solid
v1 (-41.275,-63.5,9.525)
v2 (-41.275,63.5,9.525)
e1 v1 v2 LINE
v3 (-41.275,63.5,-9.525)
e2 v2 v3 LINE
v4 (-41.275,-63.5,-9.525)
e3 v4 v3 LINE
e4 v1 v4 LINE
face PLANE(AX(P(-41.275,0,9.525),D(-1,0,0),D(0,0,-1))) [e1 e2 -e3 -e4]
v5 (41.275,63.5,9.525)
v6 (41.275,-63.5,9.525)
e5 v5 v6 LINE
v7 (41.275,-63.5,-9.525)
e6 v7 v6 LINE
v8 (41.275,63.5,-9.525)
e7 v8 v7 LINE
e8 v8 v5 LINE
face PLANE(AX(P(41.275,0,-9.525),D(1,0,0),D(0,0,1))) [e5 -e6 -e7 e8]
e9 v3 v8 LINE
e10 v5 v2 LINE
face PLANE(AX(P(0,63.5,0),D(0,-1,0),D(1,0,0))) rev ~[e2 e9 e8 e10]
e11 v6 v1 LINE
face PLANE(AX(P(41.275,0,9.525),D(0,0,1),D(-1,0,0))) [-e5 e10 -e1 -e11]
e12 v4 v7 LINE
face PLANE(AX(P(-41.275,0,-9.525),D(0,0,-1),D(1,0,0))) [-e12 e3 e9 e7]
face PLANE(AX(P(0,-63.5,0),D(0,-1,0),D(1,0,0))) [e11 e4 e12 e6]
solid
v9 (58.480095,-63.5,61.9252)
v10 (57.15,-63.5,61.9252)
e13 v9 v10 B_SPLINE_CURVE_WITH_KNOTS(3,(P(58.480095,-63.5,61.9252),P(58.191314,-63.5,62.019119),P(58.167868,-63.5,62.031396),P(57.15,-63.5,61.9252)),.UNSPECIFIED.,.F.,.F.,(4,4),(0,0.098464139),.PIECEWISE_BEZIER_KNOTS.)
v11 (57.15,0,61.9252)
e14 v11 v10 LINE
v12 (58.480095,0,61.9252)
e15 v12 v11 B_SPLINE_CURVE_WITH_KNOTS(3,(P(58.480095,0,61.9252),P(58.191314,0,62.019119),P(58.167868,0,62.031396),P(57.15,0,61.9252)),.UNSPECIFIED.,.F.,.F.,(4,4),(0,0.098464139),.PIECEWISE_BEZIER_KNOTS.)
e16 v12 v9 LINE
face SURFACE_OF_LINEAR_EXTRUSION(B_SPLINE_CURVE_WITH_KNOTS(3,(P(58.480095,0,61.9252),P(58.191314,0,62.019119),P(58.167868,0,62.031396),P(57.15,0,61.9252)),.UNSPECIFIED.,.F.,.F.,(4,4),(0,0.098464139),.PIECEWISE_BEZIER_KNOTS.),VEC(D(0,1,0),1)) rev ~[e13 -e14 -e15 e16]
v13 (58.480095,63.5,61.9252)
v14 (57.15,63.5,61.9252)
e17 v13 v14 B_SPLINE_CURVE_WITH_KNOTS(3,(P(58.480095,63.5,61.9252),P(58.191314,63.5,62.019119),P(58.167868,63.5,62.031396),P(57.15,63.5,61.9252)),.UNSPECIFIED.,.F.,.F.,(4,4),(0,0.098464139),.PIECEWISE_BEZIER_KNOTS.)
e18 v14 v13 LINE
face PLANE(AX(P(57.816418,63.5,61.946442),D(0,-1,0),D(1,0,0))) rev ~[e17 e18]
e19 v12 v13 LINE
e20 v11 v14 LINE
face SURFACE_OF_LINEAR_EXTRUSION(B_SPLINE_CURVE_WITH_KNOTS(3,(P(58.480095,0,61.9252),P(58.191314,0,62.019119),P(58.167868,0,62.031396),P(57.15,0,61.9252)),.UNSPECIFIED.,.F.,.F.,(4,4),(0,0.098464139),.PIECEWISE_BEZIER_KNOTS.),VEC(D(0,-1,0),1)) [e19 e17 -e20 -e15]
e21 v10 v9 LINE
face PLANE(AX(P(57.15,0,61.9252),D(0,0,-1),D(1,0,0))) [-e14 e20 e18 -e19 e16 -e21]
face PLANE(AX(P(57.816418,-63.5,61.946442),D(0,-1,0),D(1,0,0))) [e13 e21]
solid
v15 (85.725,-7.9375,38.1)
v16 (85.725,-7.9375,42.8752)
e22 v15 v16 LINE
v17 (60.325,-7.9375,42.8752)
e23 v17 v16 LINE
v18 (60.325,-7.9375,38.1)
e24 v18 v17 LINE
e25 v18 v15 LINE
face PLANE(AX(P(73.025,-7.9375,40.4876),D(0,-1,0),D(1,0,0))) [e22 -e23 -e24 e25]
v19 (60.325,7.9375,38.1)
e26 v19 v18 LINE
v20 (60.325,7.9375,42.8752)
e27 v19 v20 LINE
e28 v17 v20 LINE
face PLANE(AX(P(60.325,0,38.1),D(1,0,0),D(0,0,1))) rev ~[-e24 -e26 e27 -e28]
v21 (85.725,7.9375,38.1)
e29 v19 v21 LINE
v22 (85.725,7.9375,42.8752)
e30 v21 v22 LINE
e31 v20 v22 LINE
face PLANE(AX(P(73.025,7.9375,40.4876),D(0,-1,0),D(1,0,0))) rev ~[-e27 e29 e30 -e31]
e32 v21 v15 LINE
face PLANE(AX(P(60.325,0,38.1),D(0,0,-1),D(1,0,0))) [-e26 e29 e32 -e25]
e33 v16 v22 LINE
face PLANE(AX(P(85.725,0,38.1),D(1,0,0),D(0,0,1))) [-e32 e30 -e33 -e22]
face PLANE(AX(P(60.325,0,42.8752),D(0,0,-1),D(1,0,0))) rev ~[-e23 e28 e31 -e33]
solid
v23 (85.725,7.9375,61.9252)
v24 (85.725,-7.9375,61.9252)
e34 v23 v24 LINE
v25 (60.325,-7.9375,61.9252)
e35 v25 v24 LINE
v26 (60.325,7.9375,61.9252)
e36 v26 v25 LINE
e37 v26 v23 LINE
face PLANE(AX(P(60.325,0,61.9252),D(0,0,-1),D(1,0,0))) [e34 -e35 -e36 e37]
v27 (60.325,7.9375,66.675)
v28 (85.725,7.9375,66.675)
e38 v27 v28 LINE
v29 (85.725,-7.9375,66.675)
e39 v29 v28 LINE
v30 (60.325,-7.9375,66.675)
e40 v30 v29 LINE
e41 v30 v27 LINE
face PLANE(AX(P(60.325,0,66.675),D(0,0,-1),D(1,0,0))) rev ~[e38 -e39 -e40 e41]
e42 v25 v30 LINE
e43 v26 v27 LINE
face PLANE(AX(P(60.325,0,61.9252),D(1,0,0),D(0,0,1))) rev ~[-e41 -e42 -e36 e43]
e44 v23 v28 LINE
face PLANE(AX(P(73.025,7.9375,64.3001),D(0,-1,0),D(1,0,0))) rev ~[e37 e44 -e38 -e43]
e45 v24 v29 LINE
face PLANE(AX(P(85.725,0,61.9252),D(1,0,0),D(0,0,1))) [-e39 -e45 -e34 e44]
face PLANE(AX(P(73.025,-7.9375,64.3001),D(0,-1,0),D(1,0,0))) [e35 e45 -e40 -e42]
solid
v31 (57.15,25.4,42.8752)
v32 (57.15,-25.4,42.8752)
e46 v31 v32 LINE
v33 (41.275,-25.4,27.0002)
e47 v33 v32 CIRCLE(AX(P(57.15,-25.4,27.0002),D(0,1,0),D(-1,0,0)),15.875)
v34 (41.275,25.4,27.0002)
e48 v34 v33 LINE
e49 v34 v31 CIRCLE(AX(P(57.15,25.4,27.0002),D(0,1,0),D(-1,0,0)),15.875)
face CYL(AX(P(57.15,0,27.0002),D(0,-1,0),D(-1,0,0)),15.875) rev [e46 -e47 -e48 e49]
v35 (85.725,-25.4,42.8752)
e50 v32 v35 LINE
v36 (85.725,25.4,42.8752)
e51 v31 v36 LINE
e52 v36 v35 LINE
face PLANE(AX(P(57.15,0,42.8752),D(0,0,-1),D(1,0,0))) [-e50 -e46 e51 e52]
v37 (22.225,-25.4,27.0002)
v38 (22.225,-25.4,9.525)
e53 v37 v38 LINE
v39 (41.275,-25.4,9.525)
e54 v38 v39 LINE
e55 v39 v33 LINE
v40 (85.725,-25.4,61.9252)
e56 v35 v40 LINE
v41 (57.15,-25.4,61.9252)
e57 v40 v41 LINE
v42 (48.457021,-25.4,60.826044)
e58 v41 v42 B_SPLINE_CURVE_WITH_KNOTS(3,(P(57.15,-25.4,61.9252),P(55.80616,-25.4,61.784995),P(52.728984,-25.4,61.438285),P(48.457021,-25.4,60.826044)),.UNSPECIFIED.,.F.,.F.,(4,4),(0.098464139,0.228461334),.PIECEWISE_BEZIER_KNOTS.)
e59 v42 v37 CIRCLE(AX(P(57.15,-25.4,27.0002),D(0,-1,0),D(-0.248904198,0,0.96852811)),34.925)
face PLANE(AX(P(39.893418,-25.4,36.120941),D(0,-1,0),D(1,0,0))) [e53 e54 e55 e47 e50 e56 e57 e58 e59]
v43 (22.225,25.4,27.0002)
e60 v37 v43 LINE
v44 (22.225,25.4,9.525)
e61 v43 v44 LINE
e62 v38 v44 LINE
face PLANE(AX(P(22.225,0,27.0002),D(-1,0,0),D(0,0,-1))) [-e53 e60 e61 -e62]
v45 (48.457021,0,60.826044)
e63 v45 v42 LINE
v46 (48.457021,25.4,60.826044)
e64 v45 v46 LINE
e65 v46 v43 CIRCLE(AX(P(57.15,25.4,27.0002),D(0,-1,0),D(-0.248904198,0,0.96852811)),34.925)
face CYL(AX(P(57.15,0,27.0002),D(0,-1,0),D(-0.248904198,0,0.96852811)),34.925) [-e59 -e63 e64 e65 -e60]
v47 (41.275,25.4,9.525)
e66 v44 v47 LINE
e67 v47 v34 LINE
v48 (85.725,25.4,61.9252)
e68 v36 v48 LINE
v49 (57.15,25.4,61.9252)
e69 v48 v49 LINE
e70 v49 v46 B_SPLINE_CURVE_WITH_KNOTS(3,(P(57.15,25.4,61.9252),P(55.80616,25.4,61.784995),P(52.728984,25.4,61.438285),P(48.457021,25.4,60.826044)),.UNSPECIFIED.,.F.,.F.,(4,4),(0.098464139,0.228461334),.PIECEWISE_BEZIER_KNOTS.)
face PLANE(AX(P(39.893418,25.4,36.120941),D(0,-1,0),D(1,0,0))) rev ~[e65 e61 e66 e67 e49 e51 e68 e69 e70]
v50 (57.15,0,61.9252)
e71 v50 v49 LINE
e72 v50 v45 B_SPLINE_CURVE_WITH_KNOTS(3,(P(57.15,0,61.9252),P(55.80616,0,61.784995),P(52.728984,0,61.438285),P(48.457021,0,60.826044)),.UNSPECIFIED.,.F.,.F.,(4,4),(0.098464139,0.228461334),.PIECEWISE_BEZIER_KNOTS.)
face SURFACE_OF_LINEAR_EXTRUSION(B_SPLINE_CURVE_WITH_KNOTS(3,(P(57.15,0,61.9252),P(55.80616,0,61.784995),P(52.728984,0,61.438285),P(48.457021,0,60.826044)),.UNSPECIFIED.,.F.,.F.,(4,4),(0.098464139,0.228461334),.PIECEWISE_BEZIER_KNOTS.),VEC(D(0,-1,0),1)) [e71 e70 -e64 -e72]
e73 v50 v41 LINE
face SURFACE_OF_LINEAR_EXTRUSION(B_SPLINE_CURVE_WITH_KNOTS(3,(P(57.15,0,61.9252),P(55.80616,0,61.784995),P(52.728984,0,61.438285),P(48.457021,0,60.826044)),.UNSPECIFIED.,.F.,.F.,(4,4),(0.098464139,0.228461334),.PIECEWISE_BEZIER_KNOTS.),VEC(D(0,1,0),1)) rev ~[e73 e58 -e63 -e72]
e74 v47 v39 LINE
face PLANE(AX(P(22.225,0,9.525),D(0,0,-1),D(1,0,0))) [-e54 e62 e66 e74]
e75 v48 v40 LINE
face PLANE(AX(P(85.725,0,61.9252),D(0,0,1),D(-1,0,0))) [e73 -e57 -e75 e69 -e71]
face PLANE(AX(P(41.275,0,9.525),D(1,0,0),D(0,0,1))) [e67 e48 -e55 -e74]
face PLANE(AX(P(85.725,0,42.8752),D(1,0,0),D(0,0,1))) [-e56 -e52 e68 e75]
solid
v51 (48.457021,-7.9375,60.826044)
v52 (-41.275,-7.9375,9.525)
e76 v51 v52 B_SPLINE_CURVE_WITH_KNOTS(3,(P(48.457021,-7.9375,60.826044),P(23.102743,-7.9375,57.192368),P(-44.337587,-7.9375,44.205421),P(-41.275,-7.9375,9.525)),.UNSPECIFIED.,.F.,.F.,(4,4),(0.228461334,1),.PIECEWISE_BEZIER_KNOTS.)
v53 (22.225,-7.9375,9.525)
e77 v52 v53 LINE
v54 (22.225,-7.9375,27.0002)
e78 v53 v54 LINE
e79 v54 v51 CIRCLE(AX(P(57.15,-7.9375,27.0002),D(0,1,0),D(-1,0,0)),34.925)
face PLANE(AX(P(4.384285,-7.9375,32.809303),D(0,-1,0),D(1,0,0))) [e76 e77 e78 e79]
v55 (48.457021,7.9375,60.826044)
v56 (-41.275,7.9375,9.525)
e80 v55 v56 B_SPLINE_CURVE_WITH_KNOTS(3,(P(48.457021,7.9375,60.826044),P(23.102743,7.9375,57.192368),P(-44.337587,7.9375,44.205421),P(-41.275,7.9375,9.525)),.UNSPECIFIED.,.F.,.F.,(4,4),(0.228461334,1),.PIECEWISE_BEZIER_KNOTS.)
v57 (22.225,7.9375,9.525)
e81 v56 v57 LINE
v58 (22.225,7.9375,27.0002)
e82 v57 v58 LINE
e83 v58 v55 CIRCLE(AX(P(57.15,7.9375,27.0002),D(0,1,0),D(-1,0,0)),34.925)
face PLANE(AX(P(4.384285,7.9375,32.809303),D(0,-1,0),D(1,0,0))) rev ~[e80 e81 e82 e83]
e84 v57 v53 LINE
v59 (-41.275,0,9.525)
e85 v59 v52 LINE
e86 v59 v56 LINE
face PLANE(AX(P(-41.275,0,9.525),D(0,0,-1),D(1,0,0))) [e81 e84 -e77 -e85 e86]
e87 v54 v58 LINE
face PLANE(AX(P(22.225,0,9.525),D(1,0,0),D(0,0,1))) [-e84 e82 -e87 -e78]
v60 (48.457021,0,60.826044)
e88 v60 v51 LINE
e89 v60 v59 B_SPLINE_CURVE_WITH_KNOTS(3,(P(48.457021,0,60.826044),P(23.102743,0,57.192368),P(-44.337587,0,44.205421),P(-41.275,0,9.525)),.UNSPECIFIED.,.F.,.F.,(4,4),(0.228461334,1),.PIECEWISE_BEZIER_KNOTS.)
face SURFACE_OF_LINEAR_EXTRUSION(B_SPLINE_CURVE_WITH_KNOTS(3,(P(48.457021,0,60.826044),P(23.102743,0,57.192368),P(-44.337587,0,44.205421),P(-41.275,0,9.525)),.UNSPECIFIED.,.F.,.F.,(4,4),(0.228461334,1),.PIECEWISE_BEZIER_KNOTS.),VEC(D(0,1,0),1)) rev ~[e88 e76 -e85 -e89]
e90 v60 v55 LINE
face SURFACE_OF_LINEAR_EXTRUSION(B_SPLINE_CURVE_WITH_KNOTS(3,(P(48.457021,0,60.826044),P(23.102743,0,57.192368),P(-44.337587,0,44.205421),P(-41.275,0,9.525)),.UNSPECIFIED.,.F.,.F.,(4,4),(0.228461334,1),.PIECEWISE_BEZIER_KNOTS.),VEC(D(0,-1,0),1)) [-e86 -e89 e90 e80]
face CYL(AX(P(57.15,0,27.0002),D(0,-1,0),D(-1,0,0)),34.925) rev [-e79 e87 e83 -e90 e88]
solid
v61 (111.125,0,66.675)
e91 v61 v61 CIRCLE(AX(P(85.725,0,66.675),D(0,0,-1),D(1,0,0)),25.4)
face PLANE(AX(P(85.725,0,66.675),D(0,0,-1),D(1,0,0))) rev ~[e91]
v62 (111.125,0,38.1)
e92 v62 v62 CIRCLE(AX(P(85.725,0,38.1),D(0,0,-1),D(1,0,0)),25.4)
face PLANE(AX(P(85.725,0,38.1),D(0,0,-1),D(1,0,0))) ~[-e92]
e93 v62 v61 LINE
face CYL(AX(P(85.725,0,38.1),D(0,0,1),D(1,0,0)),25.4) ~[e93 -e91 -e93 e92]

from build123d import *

# Parameters (mm, degrees)
F1_DEPTH = 63.5
F0_W     = 25.4
F0_H     = 19.05
F2_DEPTH = 25.4
F0_H_2   = 4.7498
F3_DEPTH = 7.9375
F0_H_3   = 4.7752


with BuildPart() as f1:
    # F0 (on Front) → F1 (new body, symmetric)
    with BuildSketch(Plane.XZ):
        with BuildLine():
            add(Edge.make_bspline(
                [(58.4800951183, 61.9252), (58.1913139835, 62.0191193038), (58.1678682987, 62.0313959239), (57.15, 61.9252)],
                knots=[0, 0, 0, 0, 0.0984641392, 0.0984641392, 0.0984641392, 0.0984641392], degree=3))
            Line((57.15, 61.9252), (58.4800951183, 61.9252))
        make_face()
    extrude(amount=F1_DEPTH, both=True)


with BuildPart() as f1b:
    # F0 (on Front) → F1, piece 2 (new body, symmetric)
    with BuildSketch(Plane.XZ):
        Polygon((-41.275, -9.525), (41.275, -9.525), (41.275, 9.525), (22.225, 9.525), (-41.275, 9.525), align=None)
    extrude(amount=F1_DEPTH, both=True)


with BuildPart() as f2:
    # F0 (on Front) → F2 (new body, symmetric)
    with BuildSketch(Plane.XZ):
        with BuildLine():
            Line((22.225, 9.525), (41.275, 9.525))
            Line((41.275, 9.525), (41.275, 27.0002))
            ThreePointArc((41.275, 27.0002), (45.9246798487, 38.2255201513), (57.15, 42.8752))
            Line((57.15, 42.8752), (60.325, 42.8752))
            Line((60.325, 42.8752), (60.325, 61.9252))
            Line((60.325, 61.9252), (58.4800951183, 61.9252))
            Line((58.4800951183, 61.9252), (57.15, 61.9252))
            add(Edge.make_bspline(
                [(57.15, 61.9252), (55.8061602558, 61.784994923), (52.728984431, 61.4382853557), (48.4570208745, 60.8260442455)],
                knots=[0.0984641392, 0.0984641392, 0.0984641392, 0.0984641392, 0.2284613341, 0.2284613341, 0.2284613341, 0.2284613341], degree=3))
            ThreePointArc((48.4570208745, 60.8260442455), (29.5514681463, 48.402925633), (22.225, 27.0002))
            Line((22.225, 27.0002), (22.225, 9.525))
        make_face()
        with Locations((73.025, 52.4002)):
            Rectangle(F0_W, F0_H)
    extrude(amount=F2_DEPTH, both=True)


with BuildPart() as f3:
    # F0 (on Front) → F3 (new body, symmetric)
    with BuildSketch(Plane.XZ):
        with Locations((73.025, 64.3001)):
            Rectangle(F0_W, F0_H_2)
    extrude(amount=F3_DEPTH, both=True)


with BuildPart() as f3b:
    # F0 (on Front) → F3, piece 2 (new body, symmetric)
    with BuildSketch(Plane.XZ):
        with Locations((73.025, 40.4876)):
            Rectangle(F0_W, F0_H_3)
    extrude(amount=F3_DEPTH, both=True)


with BuildPart() as f3c:
    # F0 (on Front) → F3, piece 3 (new body, symmetric)
    with BuildSketch(Plane.XZ):
        with BuildLine():
            add(Edge.make_bspline(
                [(48.4570208745, 60.8260442455), (23.1027425397, 57.1923682297), (-44.3375874156, 44.2054205609), (-41.275, 9.525)],
                knots=[0.2284613341, 0.2284613341, 0.2284613341, 0.2284613341, 1, 1, 1, 1], degree=3))
            Line((-41.275, 9.525), (22.225, 9.525))
            Line((22.225, 9.525), (22.225, 27.0002))
            ThreePointArc((22.225, 27.0002), (29.5514681463, 48.402925633), (48.4570208745, 60.8260442455))
        make_face()
    extrude(amount=F3_DEPTH, both=True)


with BuildPart() as f4:
    # F0 (on Front) → F4 (revolve)
    with BuildSketch(Plane.XZ):
        Polygon((85.725, 61.9252), (85.725, 42.8752), (85.725, 38.1), (111.125, 38.1), (111.125, 66.675), (85.725, 66.675), align=None)
    revolve(axis=Axis((85.725, 0, 52.3875), (0, 0, -1)))


solid = Compound([f1.part, f1b.part, f2.part, f3.part, f3b.part, f3c.part, f4.part])
